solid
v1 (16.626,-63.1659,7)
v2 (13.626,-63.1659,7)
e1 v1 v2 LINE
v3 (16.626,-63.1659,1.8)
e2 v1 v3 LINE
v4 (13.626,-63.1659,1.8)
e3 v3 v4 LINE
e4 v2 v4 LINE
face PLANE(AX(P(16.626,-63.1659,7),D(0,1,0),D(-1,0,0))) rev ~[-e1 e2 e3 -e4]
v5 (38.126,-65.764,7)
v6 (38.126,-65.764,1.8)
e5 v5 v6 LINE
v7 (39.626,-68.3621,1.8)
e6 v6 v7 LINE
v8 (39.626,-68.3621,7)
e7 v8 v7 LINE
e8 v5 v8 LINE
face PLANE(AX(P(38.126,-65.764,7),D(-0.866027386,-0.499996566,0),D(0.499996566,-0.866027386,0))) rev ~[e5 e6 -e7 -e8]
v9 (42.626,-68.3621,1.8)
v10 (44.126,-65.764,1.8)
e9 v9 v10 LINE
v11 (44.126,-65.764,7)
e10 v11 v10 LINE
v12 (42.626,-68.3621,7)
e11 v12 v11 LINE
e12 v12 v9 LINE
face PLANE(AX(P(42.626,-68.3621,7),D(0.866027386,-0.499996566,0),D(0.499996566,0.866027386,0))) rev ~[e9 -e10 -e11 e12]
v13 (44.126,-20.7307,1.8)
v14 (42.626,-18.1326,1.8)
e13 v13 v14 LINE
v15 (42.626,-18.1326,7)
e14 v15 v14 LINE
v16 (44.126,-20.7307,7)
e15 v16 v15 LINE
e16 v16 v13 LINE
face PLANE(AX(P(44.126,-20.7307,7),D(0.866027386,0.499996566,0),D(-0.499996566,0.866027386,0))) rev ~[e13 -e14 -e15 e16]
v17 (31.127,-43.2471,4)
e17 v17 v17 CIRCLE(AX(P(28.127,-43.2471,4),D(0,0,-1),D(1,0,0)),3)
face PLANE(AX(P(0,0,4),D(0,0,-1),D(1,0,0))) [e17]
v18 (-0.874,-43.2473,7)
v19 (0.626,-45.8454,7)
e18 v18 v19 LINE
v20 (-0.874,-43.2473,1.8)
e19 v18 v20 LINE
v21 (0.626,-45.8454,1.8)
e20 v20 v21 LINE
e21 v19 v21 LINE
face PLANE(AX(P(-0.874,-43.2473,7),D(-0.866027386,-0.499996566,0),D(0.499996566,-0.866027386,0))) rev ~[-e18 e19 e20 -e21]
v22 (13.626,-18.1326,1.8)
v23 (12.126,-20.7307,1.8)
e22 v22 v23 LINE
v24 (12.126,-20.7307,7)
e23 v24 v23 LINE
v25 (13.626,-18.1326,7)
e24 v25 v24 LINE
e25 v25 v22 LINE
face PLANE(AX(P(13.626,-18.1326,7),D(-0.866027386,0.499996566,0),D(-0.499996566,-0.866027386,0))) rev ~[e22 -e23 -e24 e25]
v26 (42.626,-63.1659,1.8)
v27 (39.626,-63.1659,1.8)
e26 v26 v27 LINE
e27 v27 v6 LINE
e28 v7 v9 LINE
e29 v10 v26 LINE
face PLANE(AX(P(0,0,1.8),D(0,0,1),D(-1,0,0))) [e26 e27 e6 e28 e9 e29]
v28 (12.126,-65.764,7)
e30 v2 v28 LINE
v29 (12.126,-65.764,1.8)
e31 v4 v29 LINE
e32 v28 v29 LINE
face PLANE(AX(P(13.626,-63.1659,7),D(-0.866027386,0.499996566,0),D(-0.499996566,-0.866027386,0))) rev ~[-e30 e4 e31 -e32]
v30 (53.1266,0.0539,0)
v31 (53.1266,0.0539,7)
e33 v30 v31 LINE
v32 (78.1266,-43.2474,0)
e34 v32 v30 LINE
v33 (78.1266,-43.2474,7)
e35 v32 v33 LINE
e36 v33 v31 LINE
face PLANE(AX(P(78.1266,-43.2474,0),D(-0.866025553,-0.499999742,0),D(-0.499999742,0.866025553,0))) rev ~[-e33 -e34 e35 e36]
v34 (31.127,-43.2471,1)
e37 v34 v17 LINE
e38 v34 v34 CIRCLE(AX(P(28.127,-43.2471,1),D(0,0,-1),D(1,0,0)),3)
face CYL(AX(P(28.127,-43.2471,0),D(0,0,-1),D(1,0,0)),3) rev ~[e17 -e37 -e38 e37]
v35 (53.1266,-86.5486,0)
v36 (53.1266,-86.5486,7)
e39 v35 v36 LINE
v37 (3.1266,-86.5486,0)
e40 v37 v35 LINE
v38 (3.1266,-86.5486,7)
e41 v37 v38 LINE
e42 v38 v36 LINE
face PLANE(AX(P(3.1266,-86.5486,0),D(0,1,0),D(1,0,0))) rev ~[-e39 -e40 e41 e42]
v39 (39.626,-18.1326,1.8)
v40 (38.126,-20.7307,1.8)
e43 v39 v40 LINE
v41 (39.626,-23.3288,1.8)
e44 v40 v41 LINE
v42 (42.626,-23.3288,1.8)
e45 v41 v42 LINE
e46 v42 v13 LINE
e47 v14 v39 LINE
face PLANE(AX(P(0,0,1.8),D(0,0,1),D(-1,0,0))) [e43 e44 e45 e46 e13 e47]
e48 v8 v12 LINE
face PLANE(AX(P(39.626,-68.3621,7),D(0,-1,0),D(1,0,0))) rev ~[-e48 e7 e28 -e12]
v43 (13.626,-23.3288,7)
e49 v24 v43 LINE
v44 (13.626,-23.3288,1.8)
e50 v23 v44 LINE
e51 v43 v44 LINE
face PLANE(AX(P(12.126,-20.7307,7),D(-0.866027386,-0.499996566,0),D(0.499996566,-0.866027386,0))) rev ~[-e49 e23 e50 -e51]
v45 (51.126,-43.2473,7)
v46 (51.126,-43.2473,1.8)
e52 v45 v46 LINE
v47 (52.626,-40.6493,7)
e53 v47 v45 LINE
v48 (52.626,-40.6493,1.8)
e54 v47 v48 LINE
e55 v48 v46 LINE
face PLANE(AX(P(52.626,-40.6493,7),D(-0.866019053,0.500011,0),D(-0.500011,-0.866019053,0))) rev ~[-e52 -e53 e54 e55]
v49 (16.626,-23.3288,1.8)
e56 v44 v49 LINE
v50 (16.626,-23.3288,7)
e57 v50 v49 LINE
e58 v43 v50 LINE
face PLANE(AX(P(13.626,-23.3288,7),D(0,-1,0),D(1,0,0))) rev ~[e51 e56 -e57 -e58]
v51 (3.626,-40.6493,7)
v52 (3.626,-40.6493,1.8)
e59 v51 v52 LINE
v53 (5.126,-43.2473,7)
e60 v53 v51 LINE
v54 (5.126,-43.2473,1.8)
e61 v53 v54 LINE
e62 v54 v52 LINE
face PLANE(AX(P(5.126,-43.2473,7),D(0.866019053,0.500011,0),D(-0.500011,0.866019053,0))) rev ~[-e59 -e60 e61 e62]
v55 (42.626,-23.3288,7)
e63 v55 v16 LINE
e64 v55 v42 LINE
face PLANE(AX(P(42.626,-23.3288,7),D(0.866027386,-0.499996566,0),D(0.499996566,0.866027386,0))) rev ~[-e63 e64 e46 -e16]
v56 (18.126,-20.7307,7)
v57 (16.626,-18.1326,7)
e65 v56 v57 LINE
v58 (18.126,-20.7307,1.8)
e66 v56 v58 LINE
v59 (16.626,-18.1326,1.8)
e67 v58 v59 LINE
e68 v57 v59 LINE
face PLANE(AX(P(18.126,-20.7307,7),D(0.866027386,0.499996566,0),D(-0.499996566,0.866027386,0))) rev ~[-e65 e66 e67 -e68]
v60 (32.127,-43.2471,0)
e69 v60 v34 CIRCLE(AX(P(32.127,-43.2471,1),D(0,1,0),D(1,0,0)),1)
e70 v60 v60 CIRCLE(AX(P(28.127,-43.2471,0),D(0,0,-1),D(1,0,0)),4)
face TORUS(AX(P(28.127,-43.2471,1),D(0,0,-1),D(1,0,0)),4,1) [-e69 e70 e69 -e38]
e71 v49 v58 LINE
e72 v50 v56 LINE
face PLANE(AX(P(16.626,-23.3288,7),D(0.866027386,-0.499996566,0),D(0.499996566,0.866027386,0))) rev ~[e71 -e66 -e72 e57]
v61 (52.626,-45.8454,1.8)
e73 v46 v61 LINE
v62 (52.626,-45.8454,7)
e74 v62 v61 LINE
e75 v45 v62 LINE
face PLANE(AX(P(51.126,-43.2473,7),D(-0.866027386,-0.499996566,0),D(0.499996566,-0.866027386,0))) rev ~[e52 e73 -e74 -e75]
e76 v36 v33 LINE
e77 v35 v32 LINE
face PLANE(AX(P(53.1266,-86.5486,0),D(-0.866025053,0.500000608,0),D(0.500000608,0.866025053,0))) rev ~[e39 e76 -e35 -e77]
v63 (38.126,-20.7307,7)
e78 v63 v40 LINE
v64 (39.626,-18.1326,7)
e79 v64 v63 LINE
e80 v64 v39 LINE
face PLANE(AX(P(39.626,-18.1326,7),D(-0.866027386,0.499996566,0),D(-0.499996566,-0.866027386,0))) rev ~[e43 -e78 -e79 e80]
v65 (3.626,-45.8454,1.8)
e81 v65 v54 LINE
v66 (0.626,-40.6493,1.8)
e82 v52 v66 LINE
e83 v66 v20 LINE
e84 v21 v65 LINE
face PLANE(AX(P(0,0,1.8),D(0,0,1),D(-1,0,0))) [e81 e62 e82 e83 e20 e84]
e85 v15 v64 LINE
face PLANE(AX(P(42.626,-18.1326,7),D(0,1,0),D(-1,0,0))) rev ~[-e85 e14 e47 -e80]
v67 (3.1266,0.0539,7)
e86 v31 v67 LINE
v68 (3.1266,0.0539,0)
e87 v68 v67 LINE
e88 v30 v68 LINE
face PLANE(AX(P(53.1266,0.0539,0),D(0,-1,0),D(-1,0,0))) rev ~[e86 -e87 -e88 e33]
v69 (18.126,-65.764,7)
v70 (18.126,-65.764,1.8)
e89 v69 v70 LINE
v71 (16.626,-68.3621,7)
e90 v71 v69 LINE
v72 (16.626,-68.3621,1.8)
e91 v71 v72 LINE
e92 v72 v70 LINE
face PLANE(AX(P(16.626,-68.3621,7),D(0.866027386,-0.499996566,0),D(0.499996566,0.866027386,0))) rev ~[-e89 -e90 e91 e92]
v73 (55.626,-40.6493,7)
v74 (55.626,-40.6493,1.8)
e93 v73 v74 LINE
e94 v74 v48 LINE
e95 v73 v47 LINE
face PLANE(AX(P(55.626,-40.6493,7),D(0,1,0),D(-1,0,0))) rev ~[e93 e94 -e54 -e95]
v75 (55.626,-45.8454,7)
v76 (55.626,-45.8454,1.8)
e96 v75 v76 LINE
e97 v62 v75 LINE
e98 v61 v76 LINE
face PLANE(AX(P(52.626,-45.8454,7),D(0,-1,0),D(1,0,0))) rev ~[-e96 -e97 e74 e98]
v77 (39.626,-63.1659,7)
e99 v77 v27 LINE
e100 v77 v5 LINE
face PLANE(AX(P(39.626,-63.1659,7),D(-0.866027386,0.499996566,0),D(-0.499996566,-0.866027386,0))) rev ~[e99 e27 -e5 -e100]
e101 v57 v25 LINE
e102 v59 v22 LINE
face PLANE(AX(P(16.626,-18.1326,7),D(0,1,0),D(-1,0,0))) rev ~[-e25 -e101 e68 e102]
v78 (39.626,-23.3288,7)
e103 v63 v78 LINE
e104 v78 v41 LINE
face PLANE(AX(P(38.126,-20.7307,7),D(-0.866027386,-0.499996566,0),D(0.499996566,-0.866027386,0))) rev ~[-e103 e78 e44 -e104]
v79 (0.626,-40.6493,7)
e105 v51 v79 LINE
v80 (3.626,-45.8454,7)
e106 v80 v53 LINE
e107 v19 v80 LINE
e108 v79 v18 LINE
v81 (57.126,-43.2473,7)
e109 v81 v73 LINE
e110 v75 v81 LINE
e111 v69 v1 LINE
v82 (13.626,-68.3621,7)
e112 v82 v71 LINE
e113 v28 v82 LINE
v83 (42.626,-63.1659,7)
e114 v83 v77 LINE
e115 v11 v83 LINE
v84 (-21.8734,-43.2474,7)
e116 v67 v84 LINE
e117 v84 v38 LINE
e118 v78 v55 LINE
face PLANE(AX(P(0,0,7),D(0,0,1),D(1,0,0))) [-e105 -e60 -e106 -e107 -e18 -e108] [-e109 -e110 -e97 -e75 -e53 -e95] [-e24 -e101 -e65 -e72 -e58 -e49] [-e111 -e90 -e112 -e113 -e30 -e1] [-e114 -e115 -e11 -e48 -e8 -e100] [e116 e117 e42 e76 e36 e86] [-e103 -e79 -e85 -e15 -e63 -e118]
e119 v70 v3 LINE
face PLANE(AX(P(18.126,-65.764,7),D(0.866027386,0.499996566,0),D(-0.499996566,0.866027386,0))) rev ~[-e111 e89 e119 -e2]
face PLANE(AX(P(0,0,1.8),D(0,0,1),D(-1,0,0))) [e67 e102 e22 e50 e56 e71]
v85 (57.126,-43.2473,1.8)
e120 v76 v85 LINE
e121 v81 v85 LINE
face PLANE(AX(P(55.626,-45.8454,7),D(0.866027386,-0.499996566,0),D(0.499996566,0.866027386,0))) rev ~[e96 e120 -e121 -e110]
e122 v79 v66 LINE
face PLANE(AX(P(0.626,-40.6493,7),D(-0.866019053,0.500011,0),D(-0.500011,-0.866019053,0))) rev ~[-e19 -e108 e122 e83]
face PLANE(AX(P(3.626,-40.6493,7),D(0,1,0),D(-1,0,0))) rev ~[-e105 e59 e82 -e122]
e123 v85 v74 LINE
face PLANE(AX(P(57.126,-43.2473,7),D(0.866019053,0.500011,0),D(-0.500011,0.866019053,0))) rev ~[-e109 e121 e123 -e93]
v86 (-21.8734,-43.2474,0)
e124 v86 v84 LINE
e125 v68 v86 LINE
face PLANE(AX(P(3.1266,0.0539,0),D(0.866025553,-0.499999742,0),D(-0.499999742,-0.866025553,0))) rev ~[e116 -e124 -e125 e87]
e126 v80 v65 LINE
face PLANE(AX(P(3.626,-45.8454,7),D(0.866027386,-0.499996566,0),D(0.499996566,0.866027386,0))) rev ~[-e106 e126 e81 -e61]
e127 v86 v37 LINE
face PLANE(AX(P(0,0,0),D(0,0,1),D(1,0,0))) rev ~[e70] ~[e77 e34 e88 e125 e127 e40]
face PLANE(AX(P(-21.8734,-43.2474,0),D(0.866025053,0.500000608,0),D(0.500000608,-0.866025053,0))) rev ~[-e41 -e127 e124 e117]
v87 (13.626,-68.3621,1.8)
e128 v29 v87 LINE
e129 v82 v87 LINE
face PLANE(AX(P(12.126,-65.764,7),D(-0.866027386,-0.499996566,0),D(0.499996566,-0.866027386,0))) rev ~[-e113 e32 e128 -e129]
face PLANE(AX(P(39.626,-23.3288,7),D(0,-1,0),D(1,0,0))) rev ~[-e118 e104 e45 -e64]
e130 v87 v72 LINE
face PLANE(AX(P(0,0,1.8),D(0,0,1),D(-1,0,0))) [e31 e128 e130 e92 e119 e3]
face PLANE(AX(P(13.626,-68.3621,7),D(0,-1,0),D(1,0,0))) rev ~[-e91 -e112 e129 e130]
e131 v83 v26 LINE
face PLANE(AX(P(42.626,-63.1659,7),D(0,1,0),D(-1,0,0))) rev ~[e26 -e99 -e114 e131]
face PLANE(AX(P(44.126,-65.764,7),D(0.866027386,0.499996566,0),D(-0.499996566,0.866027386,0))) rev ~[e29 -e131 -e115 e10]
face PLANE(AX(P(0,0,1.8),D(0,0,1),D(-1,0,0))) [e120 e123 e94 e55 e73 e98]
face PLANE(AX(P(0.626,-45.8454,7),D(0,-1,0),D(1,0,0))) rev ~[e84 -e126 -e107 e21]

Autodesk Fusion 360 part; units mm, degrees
sketch "Sketch1" plane through (0, 0, 0) normal (0, 0, 1) x (1, 0, 0)
  line L0 (3.1266, 0.0539) -> (-21.8734, -43.2474)
  line L1 (-21.8734, -43.2474) -> (3.1266, -86.5486)
  line L2 (3.1266, -86.5486) -> (53.1266, -86.5486)
  line L3 (53.1266, -86.5486) -> (78.1266, -43.2474)
  line L4 (78.1266, -43.2474) -> (53.1266, 0.0539)
  line L5 (53.1266, 0.0539) -> (3.1266, 0.0539)
  point P0 (28.1266, -43.2474)
  dimension "d1" = 50
extrude "Extrude1" add sketch "Sketch1" along normal blind 7
sketch "Sketch2" plane through (0, 0, 7) normal (0, 0, 1) x (-1, 0, 0)
  line L0 (-53.1266, -0.0539) -> (-3.1266, -0.0539)
  line L1 (-3.1266, -0.0539) -> (21.8734, 43.2474)
  line L2 (21.8734, 43.2474) -> (-3.1266, 86.5486)
  line L3 (-3.1266, 86.5486) -> (-53.1266, 86.5486)
  line L4 (-53.1266, 86.5486) -> (-78.1266, 43.2474)
  line L5 (-78.1266, 43.2474) -> (-53.1266, -0.0539)
  line L6 (-13.626, 18.1326) -> (-12.126, 20.7307)
  line L7 (-12.126, 20.7307) -> (-13.626, 23.3288)
  line L8 (-13.626, 23.3288) -> (-16.626, 23.3288)
  line L9 (-16.626, 23.3288) -> (-18.126, 20.7307)
  line L10 (-18.126, 20.7307) -> (-16.626, 18.1326)
  line L11 (-16.626, 18.1326) -> (-13.626, 18.1326)
  line L12 (-44.126, 20.7307) -> (-42.626, 18.1326)
  line L13 (-42.626, 18.1326) -> (-39.626, 18.1326)
  line L14 (-39.626, 18.1326) -> (-38.126, 20.7307)
  line L15 (-38.126, 20.7307) -> (-39.626, 23.3288)
  line L16 (-39.626, 23.3288) -> (-42.626, 23.3288)
  line L17 (-42.626, 23.3288) -> (-44.126, 20.7307)
  line L18 (-44.126, 20.7307) -> (-33.8895, 20.7307) construction
  line L19 (-55.626, 40.6493) -> (-52.626, 40.6493)
  line L20 (-52.626, 40.6493) -> (-51.126, 43.2473)
  line L21 (-51.126, 43.2473) -> (-52.626, 45.8454)
  line L22 (-52.626, 45.8454) -> (-55.626, 45.8454)
  line L23 (-55.626, 45.8454) -> (-57.126, 43.2473)
  line L24 (-57.126, 43.2473) -> (-55.626, 40.6493)
  line L25 (-55.626, 40.6493) -> (-56.8973, 40.6493) construction
  line L26 (-38.126, 65.764) -> (-39.626, 68.3621)
  line L27 (-39.626, 68.3621) -> (-42.626, 68.3621)
  line L28 (-42.626, 68.3621) -> (-44.126, 65.764)
  line L29 (-44.126, 65.764) -> (-42.626, 63.1659)
  line L30 (-42.626, 63.1659) -> (-39.626, 63.1659)
  line L31 (-39.626, 63.1659) -> (-38.126, 65.764)
  line L32 (-38.126, 65.764) -> (-41.1962, 65.764) construction
  line L33 (-13.626, 63.1659) -> (-12.126, 65.764)
  line L34 (-12.126, 65.764) -> (-13.626, 68.3621)
  line L35 (-13.626, 68.3621) -> (-16.626, 68.3621)
  line L36 (-16.626, 68.3621) -> (-18.126, 65.764)
  line L37 (-18.126, 65.764) -> (-16.626, 63.1659)
  line L38 (-16.626, 63.1659) -> (-13.626, 63.1659)
  line L39 (-13.626, 63.1659) -> (5.8693, 63.1659) construction
  line L40 (-0.626, 40.6493) -> (0.874, 43.2473)
  line L41 (0.874, 43.2473) -> (-0.626, 45.8454)
  line L42 (-0.626, 45.8454) -> (-3.626, 45.8454)
  line L43 (-3.626, 45.8454) -> (-5.126, 43.2473)
  line L44 (-5.126, 43.2473) -> (-3.626, 40.6493)
  line L45 (-3.626, 40.6493) -> (-0.626, 40.6493)
  line L46 (-0.626, 40.6493) -> (25.3601, 40.6493) construction
  point P0 (-15.126, 20.7307)
  point P1 (-41.126, 20.7307)
  point P2 (-54.126, 43.2473)
  point P3 (-41.126, 65.764)
  point P4 (-15.126, 65.764)
  point P5 (-2.126, 43.2473)
  dimension "d4" = 3
  dimension "d5" = 60
  dimension "d6" = 3
  dimension "d7" = 60
  dimension "d8" = 3
  dimension "d9" = 60
  dimension "d10" = 3
  dimension "d11" = 60
  dimension "d12" = 3
  dimension "d13" = 60
  dimension "d15" = 20
  dimension "d16" = 20
  dimension "d17" = 20
  dimension "d20" = 3
  dimension "d21" = 20
  dimension "d22" = 20
  dimension "d23" = 20
  dimension "d26" = 18.1865
  dimension "d27" = 18.1866
  dimension "d28" = 18.187
  dimension "d29" = 18.187
extrude "Extrude2" cut sketch "Sketch2" against normal blind 5.2 contours L6 L7 L8 L9 L10 L11 | L12 L13 L14 L15 L16 L17 | L19 L20 L21 L22 L23 L24 | L26 L27 L28 L29 L30 L31 | L33 L34 L35 L36 L37 L38 | L40 L41 L42 L43 L44 L45
sketch "Sketch4" plane through (0, 0, 0) normal (0, 0, -1) x (1, 0, 0)
  line L0 (3.1266, -0.0539) -> (53.1266, -0.0539)
  line L1 (53.1266, -0.0539) -> (78.1266, 43.2474)
  line L2 (78.1266, 43.2474) -> (53.1266, 86.5486)
  line L3 (53.1266, 86.5486) -> (3.1266, 86.5486)
  line L4 (3.1266, 86.5486) -> (-21.8734, 43.2474)
  line L5 (-21.8734, 43.2474) -> (3.1266, -0.0539)
  circle A0 centre (28.127, 43.2471) radius 3
  dimension "d38" = 6
  dimension "d39" = 43.3015
  dimension "d40" = 43.3015
  dimension "d41" = 43.3008
extrude "Extrude4" cut sketch "Sketch4" against normal blind 4 contours A0
fillet "Fillet1" radius 1 1 edges at (25.33, -44.332, 0)
